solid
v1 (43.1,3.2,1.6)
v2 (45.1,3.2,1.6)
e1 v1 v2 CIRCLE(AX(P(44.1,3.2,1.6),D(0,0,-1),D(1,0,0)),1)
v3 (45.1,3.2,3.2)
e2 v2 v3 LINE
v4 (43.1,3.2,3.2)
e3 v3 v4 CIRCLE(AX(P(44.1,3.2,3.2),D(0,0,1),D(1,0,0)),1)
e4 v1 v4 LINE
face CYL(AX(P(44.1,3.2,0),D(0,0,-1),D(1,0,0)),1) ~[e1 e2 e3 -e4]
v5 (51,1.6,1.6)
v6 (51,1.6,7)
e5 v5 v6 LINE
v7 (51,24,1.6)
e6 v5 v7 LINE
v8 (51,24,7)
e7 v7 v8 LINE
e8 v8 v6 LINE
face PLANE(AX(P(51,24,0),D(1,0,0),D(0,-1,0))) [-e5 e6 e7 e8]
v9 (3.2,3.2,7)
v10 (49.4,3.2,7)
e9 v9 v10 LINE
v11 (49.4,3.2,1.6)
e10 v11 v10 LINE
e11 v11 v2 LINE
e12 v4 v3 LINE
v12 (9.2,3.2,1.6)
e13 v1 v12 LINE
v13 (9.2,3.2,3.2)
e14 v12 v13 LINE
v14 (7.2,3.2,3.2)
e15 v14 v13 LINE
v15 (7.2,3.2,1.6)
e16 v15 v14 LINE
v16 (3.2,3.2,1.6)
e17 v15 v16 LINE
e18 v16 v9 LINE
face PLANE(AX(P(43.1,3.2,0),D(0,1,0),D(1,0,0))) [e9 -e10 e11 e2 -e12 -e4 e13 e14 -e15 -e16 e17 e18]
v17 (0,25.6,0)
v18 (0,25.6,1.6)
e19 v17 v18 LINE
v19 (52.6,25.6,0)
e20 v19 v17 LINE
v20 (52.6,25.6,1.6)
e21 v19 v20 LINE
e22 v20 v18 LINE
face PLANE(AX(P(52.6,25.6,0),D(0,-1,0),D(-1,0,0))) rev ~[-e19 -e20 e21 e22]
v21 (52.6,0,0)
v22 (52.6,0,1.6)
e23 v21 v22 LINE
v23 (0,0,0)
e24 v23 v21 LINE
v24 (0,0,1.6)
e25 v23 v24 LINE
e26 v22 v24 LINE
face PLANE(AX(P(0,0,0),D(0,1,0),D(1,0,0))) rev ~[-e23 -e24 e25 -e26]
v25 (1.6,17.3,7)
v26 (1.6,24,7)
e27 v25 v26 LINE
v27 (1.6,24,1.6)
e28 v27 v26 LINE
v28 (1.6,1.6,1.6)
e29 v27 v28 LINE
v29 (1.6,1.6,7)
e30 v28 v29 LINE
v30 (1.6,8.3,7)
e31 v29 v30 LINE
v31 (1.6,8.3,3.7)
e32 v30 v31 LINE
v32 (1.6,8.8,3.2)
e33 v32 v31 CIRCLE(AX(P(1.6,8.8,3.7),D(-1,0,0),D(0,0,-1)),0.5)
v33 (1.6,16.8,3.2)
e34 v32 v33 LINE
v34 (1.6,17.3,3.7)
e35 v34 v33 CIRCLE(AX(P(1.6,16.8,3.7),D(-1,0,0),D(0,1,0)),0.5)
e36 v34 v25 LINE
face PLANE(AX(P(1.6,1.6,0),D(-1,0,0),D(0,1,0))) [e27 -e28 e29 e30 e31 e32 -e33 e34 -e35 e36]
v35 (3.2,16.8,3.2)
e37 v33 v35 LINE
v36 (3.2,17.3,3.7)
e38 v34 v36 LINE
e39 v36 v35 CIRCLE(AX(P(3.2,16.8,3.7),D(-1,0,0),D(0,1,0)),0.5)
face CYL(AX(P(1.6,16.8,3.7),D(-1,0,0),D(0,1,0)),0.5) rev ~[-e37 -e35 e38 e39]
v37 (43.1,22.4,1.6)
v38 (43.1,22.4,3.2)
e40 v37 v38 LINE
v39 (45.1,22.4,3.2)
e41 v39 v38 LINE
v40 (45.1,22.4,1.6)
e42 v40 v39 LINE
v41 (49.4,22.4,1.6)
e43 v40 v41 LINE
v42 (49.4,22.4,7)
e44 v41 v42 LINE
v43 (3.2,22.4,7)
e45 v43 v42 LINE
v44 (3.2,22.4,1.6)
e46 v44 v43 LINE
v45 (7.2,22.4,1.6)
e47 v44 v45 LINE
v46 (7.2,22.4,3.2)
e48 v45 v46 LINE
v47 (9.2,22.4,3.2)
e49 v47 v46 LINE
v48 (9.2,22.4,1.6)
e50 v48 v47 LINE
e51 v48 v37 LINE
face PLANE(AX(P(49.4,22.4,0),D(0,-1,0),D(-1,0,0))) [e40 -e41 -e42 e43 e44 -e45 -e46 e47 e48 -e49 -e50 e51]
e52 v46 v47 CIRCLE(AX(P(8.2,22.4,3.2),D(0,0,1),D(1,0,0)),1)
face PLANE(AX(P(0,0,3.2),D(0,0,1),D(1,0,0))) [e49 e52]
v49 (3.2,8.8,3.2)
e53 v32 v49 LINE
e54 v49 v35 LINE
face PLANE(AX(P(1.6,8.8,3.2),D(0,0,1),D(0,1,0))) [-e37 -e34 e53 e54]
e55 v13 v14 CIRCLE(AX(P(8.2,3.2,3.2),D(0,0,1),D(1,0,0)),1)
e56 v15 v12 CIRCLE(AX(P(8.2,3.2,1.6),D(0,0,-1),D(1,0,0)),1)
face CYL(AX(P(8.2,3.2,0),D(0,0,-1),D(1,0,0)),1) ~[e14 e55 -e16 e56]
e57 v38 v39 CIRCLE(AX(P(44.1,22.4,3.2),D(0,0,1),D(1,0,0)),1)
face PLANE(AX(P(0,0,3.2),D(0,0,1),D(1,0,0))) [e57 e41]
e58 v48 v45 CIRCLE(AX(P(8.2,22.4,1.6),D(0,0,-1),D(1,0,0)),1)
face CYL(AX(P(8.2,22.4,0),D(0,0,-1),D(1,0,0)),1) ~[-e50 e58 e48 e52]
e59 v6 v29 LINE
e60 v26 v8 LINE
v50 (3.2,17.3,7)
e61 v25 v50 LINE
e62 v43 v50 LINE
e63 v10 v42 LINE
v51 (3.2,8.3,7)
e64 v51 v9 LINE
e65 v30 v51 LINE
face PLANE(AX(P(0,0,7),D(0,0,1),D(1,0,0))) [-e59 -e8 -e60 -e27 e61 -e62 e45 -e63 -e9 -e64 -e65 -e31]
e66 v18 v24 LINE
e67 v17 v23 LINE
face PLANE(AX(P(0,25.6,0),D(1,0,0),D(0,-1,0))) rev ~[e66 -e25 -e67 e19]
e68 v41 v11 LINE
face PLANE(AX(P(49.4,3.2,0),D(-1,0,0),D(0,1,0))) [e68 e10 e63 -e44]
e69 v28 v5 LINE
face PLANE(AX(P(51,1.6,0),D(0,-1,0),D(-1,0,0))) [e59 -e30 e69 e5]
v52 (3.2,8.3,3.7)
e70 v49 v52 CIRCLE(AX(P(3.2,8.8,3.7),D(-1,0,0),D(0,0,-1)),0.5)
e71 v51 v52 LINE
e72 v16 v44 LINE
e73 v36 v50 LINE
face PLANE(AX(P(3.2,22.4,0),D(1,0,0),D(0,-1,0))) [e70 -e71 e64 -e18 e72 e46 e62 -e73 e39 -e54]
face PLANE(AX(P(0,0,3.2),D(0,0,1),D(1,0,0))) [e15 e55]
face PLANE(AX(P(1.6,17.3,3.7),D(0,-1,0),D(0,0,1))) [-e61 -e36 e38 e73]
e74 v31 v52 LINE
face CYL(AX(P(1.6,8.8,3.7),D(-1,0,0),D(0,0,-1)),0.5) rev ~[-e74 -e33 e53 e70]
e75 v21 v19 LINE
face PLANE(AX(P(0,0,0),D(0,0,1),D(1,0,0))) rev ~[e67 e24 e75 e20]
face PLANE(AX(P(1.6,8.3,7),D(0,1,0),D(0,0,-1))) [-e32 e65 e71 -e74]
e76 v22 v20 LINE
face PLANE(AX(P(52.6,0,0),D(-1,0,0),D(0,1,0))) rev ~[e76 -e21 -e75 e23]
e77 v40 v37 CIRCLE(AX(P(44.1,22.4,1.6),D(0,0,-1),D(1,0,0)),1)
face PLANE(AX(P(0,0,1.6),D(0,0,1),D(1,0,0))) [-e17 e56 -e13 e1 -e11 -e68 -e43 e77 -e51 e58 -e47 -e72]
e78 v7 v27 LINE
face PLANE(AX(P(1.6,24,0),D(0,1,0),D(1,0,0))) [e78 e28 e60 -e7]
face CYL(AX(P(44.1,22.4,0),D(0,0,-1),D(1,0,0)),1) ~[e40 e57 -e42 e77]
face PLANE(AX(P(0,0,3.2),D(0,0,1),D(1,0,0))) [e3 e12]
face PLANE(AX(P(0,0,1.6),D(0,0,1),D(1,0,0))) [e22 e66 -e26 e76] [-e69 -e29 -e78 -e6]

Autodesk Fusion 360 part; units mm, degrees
sketch "Skizze1" plane through (0, 0, 0) normal (0, 0, 1) x (1, 0, 0)
  line L0 (0, 0) -> (52.6, 0)
  line L1 (52.6, 0) -> (52.6, 25.6)
  line L2 (52.6, 25.6) -> (0, 25.6)
  line L3 (0, 25.6) -> (0, 0)
  line L4 (0, 0) -> (50.8, 0)
  line L5 (3.2, 3.2) -> (49.4, 3.2)
  line L6 (49.4, 3.2) -> (49.4, 22.4)
  line L7 (49.4, 22.4) -> (3.2, 22.4)
  line L8 (3.2, 22.4) -> (3.2, 3.2)
  line L9 (1.6, 24) -> (51, 24)
  line L10 (51, 24) -> (51, 1.6)
  line L11 (51, 1.6) -> (1.6, 1.6)
  line L12 (1.6, 1.6) -> (1.6, 24)
  circle A0 centre (8.2, 22.4) radius 1
  circle A1 centre (44.1, 22.4) radius 1
  circle A2 centre (44.1, 3.2) radius 1
  circle A3 centre (8.2, 3.2) radius 1
  dimension "d2" = 46.2
  dimension "d3" = 19.2
  dimension "d4" = 1.6
  dimension "d6" = 1.6
  dimension "d7" = 1.6
  dimension "d8" = 1.6
  dimension "d13" = 1.6
  dimension "d14" = 1.6
  dimension "d15" = 1.6
  dimension "d16" = 1.6
  dimension "d28" = 2
  dimension "d29" = 2
  dimension "d30" = 2
  dimension "d31" = 2
  dimension "d32" = 5.3
  dimension "d33" = 5.3
  dimension "d34" = 5
  dimension "d35" = 5
extrude "Extrusion1" add sketch "Skizze1" along normal blind 1.6 contours L0 L1 L2 L3 L4 | L5 L6 L7 L8 A0 A1 A2 A3 | L5 A2 | L5 A2 | L5 A3 | L5 A3 | L7 A1 | L7 A1 | L7 A0 | L7 A0 | L9 L10 L11 L12
extrude "Extrusion2" add sketch "Skizze1" along normal blind 7 contours L5 A2 | L5 A3 | L7 A1 | L7 A0 | L9 L10 L11 L12 picked at (44.1779, 2.8253) picked at (7.9246, 2.9129) picked at (44.3078, 22.76) picked at (8.5222, 22.5479)
ref_plane "Arbeitsebene1" through (1.6, 12.8, 4.3) normal (-1, 0, 0) x (0, -1, 0)
sketch "Skizze2" plane through (1.6, 0, 0) normal (-1, 0, 0) x (0, -1, 0)
  line L0 (-17.3, 7) -> (-8.3, 7)
  line L1 (-8.3, 7) -> (-8.3, 3.7)
  line L2 (-8.8, 3.2) -> (-16.8, 3.2)
  line L3 (-17.3, 3.7) -> (-17.3, 7)
  line L4 (-24, 7) -> (-1.6, 7)
  line L5 (-25.6, 1.6) -> (0, 1.6)
  arc A0 (-17.3, 3.7) -> (-16.8, 3.2) centre (-16.8, 3.7) ccw
  arc A1 (-8.8, 3.2) -> (-8.3, 3.7) centre (-8.8, 3.7) ccw
  dimension "d22" = 1.6
  dimension "d23" = 9
  dimension "d24" = 0.5
  dimension "d25" = 0.5
extrude "Extrusion3" cut sketch "Skizze2" against normal blind 1.6
extrude "Extrusion4" add sketch "Skizze1" along normal blind 3.2 contours L5 A2 | L5 A3 | L7 A1 | L7 A0 picked at (44.0258, 3.6243) picked at (8.0222, 3.8816) picked at (44.3444, 22.0739) picked at (7.9673, 21.807)
equation "d19 = 1.6 mm + 4.9 mm + 0.5 mm"
